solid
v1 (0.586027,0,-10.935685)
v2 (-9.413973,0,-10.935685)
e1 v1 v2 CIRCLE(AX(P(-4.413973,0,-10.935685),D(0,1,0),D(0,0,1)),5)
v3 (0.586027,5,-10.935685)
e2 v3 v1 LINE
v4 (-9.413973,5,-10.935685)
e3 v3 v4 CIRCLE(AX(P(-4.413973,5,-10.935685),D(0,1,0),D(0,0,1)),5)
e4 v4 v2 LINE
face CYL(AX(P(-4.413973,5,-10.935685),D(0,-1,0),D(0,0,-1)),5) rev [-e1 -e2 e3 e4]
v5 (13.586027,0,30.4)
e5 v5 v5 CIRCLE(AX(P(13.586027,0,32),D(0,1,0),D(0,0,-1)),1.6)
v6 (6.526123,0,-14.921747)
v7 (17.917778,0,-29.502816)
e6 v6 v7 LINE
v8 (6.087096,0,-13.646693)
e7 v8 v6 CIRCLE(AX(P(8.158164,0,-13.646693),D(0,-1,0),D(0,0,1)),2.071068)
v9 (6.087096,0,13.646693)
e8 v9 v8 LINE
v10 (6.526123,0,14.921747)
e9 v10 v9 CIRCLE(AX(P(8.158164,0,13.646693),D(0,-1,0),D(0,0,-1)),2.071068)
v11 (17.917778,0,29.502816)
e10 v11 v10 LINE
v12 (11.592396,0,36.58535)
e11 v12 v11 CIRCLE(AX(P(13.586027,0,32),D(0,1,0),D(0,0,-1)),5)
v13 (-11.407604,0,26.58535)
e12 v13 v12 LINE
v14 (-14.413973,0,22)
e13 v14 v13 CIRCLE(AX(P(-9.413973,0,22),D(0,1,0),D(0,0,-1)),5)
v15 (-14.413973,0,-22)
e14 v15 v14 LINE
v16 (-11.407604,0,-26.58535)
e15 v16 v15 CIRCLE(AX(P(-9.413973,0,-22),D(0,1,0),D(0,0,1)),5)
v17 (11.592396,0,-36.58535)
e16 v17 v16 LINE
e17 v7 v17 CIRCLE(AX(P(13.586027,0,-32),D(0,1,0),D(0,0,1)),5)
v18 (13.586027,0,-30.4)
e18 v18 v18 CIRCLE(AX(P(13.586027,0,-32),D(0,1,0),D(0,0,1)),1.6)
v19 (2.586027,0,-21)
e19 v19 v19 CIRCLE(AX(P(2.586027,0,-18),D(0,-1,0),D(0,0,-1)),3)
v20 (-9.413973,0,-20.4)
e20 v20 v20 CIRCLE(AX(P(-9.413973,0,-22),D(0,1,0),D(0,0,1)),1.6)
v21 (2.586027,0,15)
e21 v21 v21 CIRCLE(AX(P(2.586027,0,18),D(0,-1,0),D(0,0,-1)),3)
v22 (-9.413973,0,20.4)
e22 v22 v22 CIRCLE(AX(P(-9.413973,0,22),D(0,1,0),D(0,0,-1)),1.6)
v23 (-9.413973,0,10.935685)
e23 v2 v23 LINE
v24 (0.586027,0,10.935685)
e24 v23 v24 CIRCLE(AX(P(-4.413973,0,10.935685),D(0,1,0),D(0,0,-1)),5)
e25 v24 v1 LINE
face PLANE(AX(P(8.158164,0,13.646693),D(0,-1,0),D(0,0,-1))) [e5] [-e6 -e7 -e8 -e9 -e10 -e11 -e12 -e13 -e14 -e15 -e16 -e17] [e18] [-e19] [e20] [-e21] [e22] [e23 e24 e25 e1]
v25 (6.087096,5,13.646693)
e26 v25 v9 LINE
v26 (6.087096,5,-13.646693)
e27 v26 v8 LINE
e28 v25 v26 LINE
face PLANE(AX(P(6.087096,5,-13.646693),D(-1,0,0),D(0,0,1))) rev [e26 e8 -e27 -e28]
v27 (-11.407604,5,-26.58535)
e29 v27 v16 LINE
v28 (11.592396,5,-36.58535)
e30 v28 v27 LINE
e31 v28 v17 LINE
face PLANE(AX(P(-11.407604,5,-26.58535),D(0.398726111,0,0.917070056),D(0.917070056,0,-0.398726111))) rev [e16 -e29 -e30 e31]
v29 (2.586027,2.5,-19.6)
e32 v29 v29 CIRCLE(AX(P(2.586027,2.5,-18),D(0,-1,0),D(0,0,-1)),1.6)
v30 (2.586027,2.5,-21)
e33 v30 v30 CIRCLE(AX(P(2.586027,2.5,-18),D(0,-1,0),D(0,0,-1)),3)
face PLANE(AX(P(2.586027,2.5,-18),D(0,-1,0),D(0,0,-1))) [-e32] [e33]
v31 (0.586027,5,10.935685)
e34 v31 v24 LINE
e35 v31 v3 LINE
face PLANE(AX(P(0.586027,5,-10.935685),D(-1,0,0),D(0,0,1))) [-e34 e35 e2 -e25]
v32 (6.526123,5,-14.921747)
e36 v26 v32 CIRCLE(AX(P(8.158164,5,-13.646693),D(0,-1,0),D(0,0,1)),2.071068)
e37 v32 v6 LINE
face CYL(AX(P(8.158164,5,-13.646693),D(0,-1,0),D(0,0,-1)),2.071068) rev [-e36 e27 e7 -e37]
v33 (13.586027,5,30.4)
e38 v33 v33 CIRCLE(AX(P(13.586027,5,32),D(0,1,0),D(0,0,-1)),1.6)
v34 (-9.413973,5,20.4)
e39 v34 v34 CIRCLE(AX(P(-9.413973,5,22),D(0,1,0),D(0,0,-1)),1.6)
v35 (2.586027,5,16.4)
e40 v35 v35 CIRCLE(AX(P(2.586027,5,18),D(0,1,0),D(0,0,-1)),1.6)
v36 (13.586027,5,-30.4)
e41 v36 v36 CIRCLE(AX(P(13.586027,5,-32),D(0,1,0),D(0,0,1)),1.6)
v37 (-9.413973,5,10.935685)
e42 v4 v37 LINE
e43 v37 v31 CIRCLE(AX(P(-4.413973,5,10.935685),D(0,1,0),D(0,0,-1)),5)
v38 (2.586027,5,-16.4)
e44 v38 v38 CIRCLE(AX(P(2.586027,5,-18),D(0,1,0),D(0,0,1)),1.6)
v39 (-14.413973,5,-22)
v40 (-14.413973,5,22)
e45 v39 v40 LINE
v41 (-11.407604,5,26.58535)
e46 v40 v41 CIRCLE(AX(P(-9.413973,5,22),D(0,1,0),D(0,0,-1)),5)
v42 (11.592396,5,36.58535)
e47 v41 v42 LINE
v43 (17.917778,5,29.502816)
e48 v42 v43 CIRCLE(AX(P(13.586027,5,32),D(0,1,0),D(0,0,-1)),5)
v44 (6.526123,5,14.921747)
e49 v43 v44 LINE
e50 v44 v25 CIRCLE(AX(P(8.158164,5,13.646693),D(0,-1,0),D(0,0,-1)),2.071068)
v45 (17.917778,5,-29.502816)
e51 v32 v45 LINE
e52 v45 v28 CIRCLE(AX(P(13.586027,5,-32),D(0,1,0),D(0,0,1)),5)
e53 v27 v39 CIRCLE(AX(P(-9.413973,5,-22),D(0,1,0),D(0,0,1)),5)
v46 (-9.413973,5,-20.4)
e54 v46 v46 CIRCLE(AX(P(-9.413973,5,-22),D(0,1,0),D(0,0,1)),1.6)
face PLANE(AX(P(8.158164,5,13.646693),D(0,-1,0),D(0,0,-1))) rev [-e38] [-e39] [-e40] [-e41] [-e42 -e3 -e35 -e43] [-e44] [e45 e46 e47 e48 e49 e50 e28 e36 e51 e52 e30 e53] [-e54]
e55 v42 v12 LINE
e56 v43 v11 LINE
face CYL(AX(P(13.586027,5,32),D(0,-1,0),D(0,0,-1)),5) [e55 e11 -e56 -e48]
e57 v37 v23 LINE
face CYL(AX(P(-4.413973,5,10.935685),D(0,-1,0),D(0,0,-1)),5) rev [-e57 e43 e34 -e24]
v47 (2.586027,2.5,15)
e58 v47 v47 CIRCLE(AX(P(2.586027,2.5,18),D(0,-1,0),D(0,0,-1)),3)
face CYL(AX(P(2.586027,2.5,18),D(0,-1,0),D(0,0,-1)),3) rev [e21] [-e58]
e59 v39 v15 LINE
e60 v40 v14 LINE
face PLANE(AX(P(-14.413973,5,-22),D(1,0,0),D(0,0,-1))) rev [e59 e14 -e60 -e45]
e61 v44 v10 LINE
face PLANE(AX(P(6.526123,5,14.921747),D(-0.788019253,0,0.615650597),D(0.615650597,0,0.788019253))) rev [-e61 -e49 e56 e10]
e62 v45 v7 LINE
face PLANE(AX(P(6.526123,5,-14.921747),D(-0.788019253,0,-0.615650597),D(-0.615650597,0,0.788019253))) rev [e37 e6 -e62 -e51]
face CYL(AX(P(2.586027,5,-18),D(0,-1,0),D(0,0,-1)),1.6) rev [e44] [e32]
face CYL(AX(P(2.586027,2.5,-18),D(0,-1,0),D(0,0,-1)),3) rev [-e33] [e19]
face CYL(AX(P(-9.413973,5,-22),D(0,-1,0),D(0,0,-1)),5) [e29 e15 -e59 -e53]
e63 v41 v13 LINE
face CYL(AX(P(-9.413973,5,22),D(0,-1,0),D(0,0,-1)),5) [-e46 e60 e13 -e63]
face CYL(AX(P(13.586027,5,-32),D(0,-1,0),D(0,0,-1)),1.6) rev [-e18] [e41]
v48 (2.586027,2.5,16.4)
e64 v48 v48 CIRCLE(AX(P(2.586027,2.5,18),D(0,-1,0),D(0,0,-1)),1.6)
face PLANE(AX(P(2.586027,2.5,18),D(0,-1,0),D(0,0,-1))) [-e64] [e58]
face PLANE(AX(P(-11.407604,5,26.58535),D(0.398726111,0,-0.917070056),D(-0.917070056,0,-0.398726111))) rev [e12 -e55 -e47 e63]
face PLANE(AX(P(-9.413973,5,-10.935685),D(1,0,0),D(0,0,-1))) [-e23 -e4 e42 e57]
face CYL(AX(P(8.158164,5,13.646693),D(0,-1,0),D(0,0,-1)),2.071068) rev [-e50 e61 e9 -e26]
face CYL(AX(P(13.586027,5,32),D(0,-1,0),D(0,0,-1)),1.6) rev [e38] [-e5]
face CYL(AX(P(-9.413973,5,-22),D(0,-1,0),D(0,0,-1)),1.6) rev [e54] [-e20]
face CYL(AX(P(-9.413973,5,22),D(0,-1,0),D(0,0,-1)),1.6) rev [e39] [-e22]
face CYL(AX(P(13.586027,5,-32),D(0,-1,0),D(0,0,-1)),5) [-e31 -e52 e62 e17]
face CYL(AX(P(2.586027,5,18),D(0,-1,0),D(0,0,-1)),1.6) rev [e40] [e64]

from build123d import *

# Parameters (mm, degrees)
SKIZZE1_R                       = 1.6
AUFSATZ_LINEAR_AUSTRAGEN1_DEPTH = 5
SKIZZE2_R                       = 3
SCHNITT_LINEAR_AUSTRAGEN1_DEPTH = 2.5


with BuildPart() as part:
    # Skizze1 → Aufsatz-Linear austragen1 (new body)
    with BuildSketch(Plane(origin=(0, 0, 0), x_dir=(1, 0, 0), z_dir=(0, 1, 0))):
        with BuildLine():
            Line((-11.407603893, 26.585350281), (11.592396107, 36.585350281))
            ThreePointArc((11.592396107, 36.585350281), (17.315272821, 35.330573989), (17.917777995, 29.502815505))
            Line((17.917777995, 29.502815505), (6.526122928, 14.921747017))
            ThreePointArc((6.526122928, 14.921747017), (6.199926496, 14.320953091), (6.087096426, 13.646692883))
            Line((6.087096426, 13.646692883), (6.087096426, -13.646692883))
            ThreePointArc((6.087096426, -13.646692883), (6.199926496, -14.320953091), (6.526122928, -14.921747017))
            Line((6.526122928, -14.921747017), (17.917777995, -29.502815505))
            ThreePointArc((17.917777995, -29.502815505), (17.315272821, -35.330573989), (11.592396107, -36.585350281))
            Line((11.592396107, -36.585350281), (-11.407603893, -26.585350281))
            ThreePointArc((-11.407603893, -26.585350281), (-13.595369801, -24.741518486), (-14.413973336, -22))
            Line((-14.413973336, -22), (-14.413973336, 22))
            ThreePointArc((-14.413973336, 22), (-13.595369801, 24.741518486), (-11.407603893, 26.585350281))
        make_face()
        with Locations(Location((-9.413973336, 22, 0), (0, 0, 270))):
            Circle(SKIZZE1_R, mode=Mode.SUBTRACT)
        with Locations(Location((13.586026664, 32, 0), (0, 0, 270))):
            Circle(SKIZZE1_R, mode=Mode.SUBTRACT)
        with Locations(Location((2.586026664, 18, 0), (0, 0, 270))):
            Circle(SKIZZE1_R, mode=Mode.SUBTRACT)
        with Locations(Location((2.586026664, -18, 0), (0, 0, 90))):
            Circle(SKIZZE1_R, mode=Mode.SUBTRACT)
        with Locations(Location((13.586026664, -32, 0), (0, 0, 90))):
            Circle(SKIZZE1_R, mode=Mode.SUBTRACT)
        with Locations(Location((-9.413973336, -22, 0), (0, 0, 90))):
            Circle(SKIZZE1_R, mode=Mode.SUBTRACT)
        with BuildLine():
            Line((-9.413973336, 10.935684827), (-9.413973336, -10.935684827))
            ThreePointArc((-9.413973336, -10.935684827), (-4.413973336, -15.935684827), (0.586026664, -10.935684827))
            Line((0.586026664, -10.935684827), (0.586026664, 10.935684827))
            ThreePointArc((0.586026664, 10.935684827), (-4.413973336, 15.935684827), (-9.413973336, 10.935684827))
        make_face(mode=Mode.SUBTRACT)
    extrude(amount=AUFSATZ_LINEAR_AUSTRAGEN1_DEPTH)

    # Skizze2 → Schnitt-Linear austragen1 (cut)
    with BuildSketch(Plane.XZ):
        with Locations(Location((2.586026664, -18, 0), (0, 0, 270))):
            Circle(SKIZZE2_R)
        with Locations(Location((2.586026664, 18, 0), (0, 0, 270))):
            Circle(SKIZZE2_R)
    extrude(amount=-SCHNITT_LINEAR_AUSTRAGEN1_DEPTH, mode=Mode.SUBTRACT)


solid = part.part
